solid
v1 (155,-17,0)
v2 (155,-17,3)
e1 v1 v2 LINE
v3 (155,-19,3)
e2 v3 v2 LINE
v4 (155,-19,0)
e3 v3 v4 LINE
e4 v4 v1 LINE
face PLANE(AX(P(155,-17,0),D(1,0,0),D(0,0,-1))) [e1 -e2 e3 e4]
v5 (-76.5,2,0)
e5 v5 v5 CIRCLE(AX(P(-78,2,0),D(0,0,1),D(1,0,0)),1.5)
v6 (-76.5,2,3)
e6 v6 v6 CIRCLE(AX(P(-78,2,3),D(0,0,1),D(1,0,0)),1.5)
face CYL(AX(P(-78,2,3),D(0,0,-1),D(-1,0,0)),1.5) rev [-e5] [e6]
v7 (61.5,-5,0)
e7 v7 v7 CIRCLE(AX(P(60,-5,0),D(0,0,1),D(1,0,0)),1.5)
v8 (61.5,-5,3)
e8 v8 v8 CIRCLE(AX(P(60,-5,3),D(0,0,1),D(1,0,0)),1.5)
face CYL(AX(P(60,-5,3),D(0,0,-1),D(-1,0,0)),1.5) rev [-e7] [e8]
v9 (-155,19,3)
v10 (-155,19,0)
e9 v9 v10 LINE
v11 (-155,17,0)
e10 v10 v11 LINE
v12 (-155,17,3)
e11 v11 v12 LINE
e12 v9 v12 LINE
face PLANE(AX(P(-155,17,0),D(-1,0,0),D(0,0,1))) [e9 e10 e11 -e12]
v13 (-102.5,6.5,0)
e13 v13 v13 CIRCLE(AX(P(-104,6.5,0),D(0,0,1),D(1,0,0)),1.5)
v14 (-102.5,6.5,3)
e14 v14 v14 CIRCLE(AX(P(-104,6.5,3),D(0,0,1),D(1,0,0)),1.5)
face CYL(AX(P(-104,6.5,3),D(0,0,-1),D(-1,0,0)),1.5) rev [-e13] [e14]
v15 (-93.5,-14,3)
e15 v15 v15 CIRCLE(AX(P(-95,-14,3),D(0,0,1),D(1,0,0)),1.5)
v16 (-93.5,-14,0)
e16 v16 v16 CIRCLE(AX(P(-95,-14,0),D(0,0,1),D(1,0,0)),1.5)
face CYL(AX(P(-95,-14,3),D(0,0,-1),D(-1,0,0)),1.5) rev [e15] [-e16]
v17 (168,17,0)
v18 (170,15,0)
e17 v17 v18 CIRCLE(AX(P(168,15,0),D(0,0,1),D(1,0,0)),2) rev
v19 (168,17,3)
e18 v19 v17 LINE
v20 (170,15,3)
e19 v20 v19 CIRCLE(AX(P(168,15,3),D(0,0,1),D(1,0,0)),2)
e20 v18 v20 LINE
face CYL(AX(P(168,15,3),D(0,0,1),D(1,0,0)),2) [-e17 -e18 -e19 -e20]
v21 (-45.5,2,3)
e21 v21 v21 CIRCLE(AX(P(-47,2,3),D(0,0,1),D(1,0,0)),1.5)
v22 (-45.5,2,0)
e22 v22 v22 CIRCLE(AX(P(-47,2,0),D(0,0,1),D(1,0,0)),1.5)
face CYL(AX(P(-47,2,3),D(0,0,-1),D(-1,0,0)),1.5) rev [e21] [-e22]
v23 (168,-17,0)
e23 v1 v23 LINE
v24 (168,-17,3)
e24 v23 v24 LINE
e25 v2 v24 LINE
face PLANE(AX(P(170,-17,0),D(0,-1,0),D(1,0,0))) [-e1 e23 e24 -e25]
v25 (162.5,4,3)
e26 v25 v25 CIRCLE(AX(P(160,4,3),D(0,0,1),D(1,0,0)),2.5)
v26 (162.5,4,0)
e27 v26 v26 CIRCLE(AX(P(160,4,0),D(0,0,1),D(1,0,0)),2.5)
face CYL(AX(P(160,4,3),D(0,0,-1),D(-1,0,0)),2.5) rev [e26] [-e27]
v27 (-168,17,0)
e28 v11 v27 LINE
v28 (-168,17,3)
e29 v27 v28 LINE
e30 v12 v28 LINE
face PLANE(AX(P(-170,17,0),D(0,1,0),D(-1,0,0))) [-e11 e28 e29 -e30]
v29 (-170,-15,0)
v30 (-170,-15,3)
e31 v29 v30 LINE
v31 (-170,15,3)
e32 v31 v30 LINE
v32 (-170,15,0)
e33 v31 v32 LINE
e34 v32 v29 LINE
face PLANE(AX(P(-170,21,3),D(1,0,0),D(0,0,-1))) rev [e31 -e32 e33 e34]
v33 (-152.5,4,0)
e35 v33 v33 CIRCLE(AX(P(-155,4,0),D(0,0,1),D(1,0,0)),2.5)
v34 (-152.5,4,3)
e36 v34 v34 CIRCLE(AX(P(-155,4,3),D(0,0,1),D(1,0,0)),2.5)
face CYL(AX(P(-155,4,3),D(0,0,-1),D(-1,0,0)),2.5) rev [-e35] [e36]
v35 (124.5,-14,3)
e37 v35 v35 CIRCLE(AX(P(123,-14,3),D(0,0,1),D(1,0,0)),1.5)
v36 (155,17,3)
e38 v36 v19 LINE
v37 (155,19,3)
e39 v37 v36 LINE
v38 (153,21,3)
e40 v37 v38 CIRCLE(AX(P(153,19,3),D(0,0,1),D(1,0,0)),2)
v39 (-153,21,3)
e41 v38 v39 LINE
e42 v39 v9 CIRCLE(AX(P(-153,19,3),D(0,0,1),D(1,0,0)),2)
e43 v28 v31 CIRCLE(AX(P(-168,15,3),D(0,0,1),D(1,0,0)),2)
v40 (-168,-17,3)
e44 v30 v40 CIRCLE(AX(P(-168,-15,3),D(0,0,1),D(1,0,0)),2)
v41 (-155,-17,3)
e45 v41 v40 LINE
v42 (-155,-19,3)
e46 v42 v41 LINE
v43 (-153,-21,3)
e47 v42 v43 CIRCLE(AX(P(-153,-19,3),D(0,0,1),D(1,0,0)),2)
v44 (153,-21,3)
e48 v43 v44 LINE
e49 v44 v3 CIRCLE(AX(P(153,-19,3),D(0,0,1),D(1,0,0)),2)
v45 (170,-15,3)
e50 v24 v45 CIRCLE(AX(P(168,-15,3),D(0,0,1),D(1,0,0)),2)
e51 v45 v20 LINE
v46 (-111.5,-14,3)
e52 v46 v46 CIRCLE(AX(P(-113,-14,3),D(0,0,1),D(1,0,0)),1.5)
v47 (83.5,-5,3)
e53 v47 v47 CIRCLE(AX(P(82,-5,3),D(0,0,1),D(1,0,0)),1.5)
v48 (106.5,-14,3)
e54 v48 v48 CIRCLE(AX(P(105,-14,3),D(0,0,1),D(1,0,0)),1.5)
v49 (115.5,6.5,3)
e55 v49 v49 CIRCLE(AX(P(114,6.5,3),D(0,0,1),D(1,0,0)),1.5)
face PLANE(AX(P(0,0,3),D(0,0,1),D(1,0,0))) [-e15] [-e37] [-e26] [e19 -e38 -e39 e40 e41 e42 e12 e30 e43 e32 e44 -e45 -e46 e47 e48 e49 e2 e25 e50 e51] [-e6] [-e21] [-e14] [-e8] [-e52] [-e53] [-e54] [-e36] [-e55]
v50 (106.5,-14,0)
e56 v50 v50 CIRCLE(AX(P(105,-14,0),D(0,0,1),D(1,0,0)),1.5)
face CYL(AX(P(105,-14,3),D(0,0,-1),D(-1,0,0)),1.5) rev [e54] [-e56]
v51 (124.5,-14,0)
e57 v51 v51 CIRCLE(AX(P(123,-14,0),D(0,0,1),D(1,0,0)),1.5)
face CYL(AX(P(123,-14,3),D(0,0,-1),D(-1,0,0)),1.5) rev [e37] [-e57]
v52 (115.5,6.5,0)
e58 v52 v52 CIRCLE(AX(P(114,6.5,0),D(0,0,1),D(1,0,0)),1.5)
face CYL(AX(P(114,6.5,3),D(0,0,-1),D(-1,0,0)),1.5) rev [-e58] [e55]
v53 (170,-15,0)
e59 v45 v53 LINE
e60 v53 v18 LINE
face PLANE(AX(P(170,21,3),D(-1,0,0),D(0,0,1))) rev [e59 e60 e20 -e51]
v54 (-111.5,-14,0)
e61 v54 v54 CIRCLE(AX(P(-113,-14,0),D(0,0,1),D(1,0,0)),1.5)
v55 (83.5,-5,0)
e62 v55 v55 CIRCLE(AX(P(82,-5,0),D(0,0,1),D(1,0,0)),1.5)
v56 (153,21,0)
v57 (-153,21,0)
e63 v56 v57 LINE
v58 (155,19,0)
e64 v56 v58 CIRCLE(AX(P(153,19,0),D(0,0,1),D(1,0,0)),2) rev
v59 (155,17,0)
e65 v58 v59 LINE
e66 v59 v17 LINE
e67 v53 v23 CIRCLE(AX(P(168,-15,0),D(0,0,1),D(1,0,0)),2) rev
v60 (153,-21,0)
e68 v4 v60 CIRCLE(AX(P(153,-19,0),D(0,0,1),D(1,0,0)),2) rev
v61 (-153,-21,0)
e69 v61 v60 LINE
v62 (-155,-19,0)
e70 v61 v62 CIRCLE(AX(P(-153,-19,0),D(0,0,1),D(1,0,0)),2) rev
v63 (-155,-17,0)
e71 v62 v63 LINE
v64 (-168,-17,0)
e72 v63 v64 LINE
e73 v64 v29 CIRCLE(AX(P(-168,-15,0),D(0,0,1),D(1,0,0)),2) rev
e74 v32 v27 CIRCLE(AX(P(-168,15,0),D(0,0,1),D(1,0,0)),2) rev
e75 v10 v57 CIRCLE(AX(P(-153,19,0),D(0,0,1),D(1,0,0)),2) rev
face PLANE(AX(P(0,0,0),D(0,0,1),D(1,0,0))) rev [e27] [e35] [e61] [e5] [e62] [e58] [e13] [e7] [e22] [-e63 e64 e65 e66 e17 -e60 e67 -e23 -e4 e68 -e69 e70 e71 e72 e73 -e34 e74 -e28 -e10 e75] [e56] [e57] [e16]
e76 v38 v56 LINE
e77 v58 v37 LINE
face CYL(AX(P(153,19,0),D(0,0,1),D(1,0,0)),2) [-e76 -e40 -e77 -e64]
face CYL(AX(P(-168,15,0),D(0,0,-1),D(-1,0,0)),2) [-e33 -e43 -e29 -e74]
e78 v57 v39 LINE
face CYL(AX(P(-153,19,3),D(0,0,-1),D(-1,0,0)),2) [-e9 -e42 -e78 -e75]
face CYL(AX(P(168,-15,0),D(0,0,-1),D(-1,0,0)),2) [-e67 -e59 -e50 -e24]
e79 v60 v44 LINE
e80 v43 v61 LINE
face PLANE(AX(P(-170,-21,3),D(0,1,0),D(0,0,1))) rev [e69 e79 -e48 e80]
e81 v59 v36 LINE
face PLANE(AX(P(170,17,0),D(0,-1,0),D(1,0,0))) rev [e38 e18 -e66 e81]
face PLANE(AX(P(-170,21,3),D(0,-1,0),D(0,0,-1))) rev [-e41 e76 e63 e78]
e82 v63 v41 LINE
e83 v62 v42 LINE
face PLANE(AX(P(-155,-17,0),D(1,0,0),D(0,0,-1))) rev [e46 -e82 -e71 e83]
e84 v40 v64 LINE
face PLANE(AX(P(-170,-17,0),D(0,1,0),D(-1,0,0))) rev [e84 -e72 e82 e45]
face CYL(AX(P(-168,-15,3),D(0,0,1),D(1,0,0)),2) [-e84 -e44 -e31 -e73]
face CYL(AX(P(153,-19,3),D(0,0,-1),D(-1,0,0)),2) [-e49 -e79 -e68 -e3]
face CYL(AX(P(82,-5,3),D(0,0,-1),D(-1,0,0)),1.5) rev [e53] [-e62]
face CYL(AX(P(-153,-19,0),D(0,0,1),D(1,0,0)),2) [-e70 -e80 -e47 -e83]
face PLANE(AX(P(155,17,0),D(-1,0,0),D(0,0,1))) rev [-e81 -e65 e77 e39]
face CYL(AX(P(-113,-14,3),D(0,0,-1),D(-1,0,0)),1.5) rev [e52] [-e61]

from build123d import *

# Parameters (mm, degrees)
CROQUIS1_W                                 = 340
CROQUIS1_H                                 = 42
CROQUIS1_R                                 = 1.5
CROQUIS1_R_2                               = 2.5
SALIENTE_EXTRUIR1_DEPTH                    = 3
CROQUIS2_W                                 = 15
CROQUIS2_H                                 = 4
CORTAR_EXTRUIR2_DEPTH                      = 172.31841699
SIMETR_A4_AT_THE_SECOND_PLANE_COPY_1_SKE_W = 15
SIMETR_A4_AT_THE_SECOND_PLANE_COPY_1_SKE_H = 4
SIMETR_A4_AT_THE_SECOND_PLANE_COPY_1_DEPTH = 172.31841699
REDONDEO1_R                                = 2


with BuildPart() as part:
    # Croquis1 → Saliente-Extruir1 (new body)
    with BuildSketch(Plane.XY):
        Rectangle(CROQUIS1_W, CROQUIS1_H)
        with Locations((-47, 2)):
            Circle(CROQUIS1_R, mode=Mode.SUBTRACT)
        with Locations((-78, 2)):
            Circle(CROQUIS1_R, mode=Mode.SUBTRACT)
        with Locations((-104, 6.5)):
            Circle(CROQUIS1_R, mode=Mode.SUBTRACT)
        with Locations((-113, -14)):
            Circle(CROQUIS1_R, mode=Mode.SUBTRACT)
        with Locations((-95, -14)):
            Circle(CROQUIS1_R, mode=Mode.SUBTRACT)
        with Locations((-155, 4)):
            Circle(CROQUIS1_R_2, mode=Mode.SUBTRACT)
        with Locations((160, 4)):
            Circle(CROQUIS1_R_2, mode=Mode.SUBTRACT)
        with Locations((114, 6.5)):
            Circle(CROQUIS1_R, mode=Mode.SUBTRACT)
        with Locations((105, -14)):
            Circle(CROQUIS1_R, mode=Mode.SUBTRACT)
        with Locations((123, -14)):
            Circle(CROQUIS1_R, mode=Mode.SUBTRACT)
        with Locations((82, -5)):
            Circle(CROQUIS1_R, mode=Mode.SUBTRACT)
        with Locations((60, -5)):
            Circle(CROQUIS1_R, mode=Mode.SUBTRACT)
    extrude(amount=SALIENTE_EXTRUIR1_DEPTH)

    # Croquis2 → Cortar-Extruir2 (cut, through all)
    with BuildSketch(Plane.XY.offset(3)):
        with Locations((-162.5, -19)):
            Rectangle(CROQUIS2_W, CROQUIS2_H)
    cortar_extruir2 = extrude(amount=-CORTAR_EXTRUIR2_DEPTH, mode=Mode.SUBTRACT)

    # Simetría4: Cortar-Extruir2 across plane
    add(cortar_extruir2.mirror(Plane(origin=(0, 0, 0), x_dir=(0, 0, 1), z_dir=(1, 0, 0))), mode=Mode.SUBTRACT)

    # Simetría4 at the second plane: Cortar-Extruir2 across plane
    add(cortar_extruir2.mirror(Plane.ZX), mode=Mode.SUBTRACT)

    # Simetría4 at the second plane copy 1 ske → Simetría4 at the second plane copy 1 (cut, through all)
    with BuildSketch(Plane(origin=(0, 0, 3), x_dir=(-1, 0, 0), z_dir=(0, 0, 1))):
        with Locations((-162.5, -19)):
            Rectangle(SIMETR_A4_AT_THE_SECOND_PLANE_COPY_1_SKE_W, SIMETR_A4_AT_THE_SECOND_PLANE_COPY_1_SKE_H)
    extrude(amount=-SIMETR_A4_AT_THE_SECOND_PLANE_COPY_1_DEPTH, mode=Mode.SUBTRACT)

    # Redondeo1
    redondeo1_edges = [part.edges().sort_by_distance(p)[0] for p in [
        (155, -21, 1.5),
        (170, 17, 1.5),
        (155, 21, 1.5),
        (-170, -17, 1.5),
        (-155, -21, 1.5),
        (-170, 17, 1.5),
        (-155, 21, 1.5),
        (170, -17, 1.5),
    ]]
    fillet(redondeo1_edges, radius=REDONDEO1_R)


solid = part.part
